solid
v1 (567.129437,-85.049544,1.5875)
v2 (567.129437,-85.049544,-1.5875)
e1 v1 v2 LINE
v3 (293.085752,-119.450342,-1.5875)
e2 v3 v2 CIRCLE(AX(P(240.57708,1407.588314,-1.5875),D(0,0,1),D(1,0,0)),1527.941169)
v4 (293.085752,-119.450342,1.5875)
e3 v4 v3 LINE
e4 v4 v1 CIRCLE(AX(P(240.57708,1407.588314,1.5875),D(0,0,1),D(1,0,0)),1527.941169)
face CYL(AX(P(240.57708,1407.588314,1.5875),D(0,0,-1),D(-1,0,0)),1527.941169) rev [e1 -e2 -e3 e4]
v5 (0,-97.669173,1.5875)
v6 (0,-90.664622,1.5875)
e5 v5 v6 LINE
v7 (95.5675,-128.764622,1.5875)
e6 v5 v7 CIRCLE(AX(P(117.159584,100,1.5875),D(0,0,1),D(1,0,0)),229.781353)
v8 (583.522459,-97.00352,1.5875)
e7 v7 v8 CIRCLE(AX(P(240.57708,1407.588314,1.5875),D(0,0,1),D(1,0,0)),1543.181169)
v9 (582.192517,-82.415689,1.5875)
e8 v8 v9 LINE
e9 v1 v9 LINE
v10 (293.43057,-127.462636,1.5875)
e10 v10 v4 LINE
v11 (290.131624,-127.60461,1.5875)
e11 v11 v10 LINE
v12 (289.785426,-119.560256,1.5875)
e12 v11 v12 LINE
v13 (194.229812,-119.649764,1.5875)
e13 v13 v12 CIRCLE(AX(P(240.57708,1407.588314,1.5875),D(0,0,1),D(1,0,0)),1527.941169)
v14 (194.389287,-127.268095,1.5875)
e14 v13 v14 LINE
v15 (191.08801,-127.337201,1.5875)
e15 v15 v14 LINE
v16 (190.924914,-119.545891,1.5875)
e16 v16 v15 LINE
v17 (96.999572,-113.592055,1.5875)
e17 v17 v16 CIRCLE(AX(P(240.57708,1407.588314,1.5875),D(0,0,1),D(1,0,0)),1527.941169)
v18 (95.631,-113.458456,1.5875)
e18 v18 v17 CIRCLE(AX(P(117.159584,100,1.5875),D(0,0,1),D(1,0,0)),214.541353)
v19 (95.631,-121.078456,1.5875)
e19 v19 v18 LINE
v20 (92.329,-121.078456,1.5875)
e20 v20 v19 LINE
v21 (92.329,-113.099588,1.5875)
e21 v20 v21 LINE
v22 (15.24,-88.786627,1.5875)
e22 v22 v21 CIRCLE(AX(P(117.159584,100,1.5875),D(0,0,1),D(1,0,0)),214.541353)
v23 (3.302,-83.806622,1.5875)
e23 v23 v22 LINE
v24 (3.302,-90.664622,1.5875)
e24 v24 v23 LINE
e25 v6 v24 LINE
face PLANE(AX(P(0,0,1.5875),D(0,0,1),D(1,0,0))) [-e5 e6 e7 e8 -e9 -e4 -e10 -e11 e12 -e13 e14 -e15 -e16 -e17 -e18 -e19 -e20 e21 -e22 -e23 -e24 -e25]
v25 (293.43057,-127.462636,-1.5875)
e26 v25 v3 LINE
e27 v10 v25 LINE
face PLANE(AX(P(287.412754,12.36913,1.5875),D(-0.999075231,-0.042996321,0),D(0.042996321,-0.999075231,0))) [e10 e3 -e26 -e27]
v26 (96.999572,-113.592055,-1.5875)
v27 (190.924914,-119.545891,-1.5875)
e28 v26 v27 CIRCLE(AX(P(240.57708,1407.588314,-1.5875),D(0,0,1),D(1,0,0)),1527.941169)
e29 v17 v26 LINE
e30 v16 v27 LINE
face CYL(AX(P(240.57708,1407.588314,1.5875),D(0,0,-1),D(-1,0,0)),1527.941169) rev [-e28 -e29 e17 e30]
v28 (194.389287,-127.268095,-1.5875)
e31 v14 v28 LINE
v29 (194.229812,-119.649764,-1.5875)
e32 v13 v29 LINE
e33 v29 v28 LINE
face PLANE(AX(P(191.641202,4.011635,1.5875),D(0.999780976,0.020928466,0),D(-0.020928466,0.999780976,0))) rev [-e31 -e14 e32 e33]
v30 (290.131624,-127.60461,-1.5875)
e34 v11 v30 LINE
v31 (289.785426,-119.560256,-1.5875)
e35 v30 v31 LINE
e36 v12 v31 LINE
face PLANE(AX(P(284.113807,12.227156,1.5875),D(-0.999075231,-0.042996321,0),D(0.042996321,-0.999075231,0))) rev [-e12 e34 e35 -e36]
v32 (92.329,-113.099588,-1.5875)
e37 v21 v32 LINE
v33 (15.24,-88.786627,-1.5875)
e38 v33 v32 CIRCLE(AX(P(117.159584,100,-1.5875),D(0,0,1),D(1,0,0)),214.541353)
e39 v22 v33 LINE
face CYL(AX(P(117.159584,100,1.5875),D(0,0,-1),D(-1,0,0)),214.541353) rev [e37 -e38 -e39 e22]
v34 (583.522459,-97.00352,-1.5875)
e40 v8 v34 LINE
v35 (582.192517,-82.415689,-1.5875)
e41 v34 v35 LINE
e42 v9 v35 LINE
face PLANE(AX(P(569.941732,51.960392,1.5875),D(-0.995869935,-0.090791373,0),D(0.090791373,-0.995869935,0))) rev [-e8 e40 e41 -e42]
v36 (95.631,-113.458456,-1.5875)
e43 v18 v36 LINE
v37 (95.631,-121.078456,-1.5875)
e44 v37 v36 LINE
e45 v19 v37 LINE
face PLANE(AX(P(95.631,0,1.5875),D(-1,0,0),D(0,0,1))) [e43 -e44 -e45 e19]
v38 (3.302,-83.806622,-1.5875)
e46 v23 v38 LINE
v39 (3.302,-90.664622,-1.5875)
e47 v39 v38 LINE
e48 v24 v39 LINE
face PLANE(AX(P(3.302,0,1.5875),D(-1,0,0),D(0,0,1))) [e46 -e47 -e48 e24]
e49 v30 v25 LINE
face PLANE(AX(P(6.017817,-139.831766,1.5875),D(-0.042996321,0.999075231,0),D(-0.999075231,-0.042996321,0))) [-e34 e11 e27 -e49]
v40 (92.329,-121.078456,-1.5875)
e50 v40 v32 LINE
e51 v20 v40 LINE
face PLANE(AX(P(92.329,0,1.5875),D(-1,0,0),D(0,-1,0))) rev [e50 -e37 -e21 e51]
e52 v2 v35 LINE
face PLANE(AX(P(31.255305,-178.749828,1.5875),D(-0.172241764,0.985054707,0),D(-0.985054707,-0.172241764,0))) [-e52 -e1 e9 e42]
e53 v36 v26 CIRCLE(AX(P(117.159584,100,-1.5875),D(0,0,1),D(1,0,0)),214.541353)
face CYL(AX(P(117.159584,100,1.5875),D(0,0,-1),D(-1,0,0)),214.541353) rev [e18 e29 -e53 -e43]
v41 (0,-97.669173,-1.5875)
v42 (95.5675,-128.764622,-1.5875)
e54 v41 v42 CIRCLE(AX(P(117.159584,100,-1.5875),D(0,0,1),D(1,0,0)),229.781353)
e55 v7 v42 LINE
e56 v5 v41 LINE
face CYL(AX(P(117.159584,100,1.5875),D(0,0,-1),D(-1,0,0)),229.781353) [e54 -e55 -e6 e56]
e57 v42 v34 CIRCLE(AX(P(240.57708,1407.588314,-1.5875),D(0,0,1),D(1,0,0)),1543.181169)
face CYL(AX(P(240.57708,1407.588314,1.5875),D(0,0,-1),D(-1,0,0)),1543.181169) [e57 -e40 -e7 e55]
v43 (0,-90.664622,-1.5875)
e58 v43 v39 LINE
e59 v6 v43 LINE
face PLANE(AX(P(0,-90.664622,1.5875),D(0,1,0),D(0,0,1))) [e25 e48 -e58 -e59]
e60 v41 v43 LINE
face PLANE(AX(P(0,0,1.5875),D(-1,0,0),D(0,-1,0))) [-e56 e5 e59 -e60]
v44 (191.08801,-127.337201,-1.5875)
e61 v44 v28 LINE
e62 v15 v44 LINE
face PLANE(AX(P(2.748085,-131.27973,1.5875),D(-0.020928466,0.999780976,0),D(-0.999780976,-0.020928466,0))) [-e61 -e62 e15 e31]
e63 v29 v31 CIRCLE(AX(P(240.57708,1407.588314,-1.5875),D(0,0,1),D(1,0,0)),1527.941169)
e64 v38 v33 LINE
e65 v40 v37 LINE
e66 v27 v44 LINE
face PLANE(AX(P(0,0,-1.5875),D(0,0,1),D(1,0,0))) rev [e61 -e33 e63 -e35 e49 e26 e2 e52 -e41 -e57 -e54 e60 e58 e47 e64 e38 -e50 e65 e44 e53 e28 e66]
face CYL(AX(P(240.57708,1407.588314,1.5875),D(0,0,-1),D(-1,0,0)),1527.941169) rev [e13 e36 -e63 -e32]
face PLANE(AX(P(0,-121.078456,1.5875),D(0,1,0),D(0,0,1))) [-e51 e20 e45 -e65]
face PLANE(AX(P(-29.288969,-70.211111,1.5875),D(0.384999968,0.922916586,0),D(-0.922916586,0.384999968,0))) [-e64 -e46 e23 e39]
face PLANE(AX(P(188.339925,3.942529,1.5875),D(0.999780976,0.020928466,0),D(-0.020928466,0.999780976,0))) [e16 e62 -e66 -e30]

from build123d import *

# Parameters (mm, degrees)
BOSS_EXTRUDE1_DEPTH = 1.5875


with BuildPart() as part:
    # Sketch1 → Boss-Extrude1 (new, symmetric)
    with BuildSketch(Plane.XY):
        with BuildLine():
            Line((0, -90.664621669), (3.302, -90.664621669))
            Line((3.302, -90.664621669), (3.302, -83.806621669))
            Line((3.302, -83.806621669), (15.24, -88.786627106))
            ThreePointArc((15.24, -88.786627106), (52.629116117, -104.606478128), (92.329, -113.099587694))
            Line((92.329, -113.099587694), (92.329, -121.078455555))
            Line((92.329, -121.078455555), (95.631, -121.078455555))
            Line((95.631, -121.078455555), (95.631, -113.458455555))
            ThreePointArc((95.631, -113.458455555), (96.315178786, -113.526351883), (96.999571645, -113.59205528))
            ThreePointArc((96.999571645, -113.59205528), (143.916391113, -117.292313455), (190.924914267, -119.545890704))
            Line((190.924914267, -119.545890704), (191.088010164, -127.337201025))
            Line((191.088010164, -127.337201025), (194.389286946, -127.268095229))
            Line((194.389286946, -127.268095229), (194.229812033, -119.649764195))
            ThreePointArc((194.229812033, -119.649764195), (242.008318885, -120.352184929), (289.785425963, -119.560256171))
            Line((289.785425963, -119.560256171), (290.131623743, -127.604610112))
            Line((290.131623743, -127.604610112), (293.430570154, -127.462636259))
            Line((293.430570154, -127.462636259), (293.085752086, -119.450341713))
            ThreePointArc((293.085752086, -119.450341713), (430.886485092, -108.454741771), (567.129437002, -85.049543851))
            Line((567.129437002, -85.049543851), (582.192517176, -82.415688618))
            Line((582.192517176, -82.415688618), (583.522459193, -97.003520311))
            ThreePointArc((583.522459193, -97.003520311), (340.810991625, -132.334178874), (95.5675, -128.764621669))
            ThreePointArc((95.5675, -128.764621669), (46.062902856, -118.505679901), (0, -97.669173356))
            Line((0, -97.669173356), (0, -90.664621669))
        make_face()
    extrude(amount=BOSS_EXTRUDE1_DEPTH, both=True)


solid = part.part
